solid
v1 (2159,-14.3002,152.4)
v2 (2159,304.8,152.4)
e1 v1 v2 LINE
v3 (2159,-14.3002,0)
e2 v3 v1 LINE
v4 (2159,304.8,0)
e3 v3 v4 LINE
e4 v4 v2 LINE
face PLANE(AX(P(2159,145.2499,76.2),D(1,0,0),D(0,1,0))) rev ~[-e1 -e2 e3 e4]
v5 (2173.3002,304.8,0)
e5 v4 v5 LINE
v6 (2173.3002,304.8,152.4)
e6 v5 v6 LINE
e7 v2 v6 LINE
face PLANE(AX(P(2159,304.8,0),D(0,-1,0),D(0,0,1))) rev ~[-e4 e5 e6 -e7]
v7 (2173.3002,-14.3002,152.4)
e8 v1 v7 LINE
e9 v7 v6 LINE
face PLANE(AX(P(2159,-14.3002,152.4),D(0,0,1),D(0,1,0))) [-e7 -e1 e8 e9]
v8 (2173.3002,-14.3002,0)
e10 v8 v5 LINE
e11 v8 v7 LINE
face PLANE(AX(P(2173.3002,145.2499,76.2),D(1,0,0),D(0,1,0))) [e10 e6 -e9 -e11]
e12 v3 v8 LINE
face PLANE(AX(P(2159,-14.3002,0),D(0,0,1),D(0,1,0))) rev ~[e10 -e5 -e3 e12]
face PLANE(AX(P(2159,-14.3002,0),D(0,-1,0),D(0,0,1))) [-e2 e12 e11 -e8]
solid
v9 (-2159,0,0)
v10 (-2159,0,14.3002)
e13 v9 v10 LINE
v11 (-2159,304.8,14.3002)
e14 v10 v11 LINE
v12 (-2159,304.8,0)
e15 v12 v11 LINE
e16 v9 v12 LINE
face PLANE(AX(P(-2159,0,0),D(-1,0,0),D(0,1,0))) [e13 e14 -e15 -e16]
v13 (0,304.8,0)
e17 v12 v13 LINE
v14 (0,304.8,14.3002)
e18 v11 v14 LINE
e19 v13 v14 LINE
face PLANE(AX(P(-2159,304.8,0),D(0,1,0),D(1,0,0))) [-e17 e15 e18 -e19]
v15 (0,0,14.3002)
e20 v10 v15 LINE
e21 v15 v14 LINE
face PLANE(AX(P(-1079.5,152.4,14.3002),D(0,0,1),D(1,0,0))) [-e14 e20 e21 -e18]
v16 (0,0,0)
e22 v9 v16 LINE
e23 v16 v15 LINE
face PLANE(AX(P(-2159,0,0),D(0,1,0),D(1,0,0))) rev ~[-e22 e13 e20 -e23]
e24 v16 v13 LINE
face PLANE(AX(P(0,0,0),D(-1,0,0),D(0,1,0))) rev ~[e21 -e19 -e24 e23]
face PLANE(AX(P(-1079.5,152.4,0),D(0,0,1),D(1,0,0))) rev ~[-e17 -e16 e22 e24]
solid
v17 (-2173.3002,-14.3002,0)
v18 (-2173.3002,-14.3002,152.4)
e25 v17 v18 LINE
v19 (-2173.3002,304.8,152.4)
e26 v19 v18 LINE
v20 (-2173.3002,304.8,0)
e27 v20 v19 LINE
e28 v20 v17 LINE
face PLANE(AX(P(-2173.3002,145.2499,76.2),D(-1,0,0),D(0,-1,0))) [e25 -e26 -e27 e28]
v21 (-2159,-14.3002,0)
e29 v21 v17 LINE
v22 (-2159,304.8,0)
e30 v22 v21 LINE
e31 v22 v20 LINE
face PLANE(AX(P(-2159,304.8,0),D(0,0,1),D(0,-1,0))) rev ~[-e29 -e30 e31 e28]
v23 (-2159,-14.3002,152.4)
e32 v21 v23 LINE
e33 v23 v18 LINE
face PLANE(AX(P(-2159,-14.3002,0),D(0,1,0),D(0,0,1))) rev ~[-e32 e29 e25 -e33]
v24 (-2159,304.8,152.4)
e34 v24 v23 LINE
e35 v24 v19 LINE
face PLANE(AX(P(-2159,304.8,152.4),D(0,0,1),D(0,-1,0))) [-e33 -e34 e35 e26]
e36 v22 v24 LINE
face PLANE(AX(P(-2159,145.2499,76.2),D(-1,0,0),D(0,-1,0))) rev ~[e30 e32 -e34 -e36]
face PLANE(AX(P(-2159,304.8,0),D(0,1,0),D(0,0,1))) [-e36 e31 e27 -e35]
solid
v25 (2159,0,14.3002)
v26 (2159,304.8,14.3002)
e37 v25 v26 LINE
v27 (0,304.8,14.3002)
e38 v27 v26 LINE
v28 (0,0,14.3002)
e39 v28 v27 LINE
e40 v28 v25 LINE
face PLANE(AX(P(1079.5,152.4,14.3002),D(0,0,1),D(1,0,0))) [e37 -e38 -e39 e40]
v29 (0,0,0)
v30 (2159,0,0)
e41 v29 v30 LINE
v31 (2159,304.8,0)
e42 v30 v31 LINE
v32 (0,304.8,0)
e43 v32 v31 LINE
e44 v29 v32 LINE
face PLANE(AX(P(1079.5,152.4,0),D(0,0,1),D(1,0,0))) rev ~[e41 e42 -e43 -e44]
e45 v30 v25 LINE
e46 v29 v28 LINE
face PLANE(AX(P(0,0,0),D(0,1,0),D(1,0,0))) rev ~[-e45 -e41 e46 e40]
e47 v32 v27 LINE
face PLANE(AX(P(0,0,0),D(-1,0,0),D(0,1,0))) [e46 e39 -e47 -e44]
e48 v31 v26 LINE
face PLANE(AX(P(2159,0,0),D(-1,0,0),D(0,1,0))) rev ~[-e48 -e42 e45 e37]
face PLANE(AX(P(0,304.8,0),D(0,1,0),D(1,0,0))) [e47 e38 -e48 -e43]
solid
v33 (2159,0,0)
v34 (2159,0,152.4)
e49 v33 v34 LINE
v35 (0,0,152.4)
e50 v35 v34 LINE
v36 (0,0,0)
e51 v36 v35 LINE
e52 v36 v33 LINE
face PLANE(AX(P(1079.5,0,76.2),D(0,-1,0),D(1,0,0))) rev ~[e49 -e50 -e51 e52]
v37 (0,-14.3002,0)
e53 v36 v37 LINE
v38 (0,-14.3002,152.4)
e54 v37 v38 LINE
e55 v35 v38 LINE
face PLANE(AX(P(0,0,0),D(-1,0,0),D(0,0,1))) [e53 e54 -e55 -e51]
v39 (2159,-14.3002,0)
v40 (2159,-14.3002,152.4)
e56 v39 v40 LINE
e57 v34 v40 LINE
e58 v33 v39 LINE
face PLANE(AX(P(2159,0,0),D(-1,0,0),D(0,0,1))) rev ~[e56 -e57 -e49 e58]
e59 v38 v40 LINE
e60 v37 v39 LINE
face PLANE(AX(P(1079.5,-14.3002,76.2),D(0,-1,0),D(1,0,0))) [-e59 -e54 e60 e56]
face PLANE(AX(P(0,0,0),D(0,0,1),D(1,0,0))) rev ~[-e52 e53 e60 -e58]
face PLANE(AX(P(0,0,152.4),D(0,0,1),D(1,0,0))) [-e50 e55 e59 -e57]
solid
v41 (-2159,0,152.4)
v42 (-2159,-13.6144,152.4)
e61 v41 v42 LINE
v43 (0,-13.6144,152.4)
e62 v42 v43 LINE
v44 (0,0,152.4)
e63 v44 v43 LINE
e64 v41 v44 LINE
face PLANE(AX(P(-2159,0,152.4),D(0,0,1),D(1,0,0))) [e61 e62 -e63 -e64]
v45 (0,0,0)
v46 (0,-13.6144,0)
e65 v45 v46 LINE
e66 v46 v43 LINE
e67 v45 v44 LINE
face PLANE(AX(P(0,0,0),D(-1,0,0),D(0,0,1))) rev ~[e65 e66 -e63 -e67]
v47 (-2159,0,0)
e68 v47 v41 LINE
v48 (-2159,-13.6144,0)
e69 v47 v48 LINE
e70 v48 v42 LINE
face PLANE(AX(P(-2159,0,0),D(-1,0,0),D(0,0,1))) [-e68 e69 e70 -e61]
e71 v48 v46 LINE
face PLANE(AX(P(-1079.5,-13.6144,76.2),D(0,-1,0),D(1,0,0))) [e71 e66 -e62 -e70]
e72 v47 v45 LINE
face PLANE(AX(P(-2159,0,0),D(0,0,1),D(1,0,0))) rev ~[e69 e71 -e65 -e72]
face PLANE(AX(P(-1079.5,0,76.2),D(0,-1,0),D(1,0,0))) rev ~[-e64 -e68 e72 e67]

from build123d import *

# Parameters (mm, degrees)
F0_W      = 2159
F0_H      = 304.8
F1_DEPTH  = 14.3002
F2_W      = 2159
F2_H      = 304.8
F3_DEPTH  = 14.3002
F4_W      = 2159
F4_H      = 152.4
F5_DEPTH  = 13.6144
F6_W      = 2159
F6_H      = 152.4
F7_DEPTH  = 14.3002
F8_W      = 319.1002
F8_H      = 152.4
F9_DEPTH  = 14.3002
F10_W     = 319.1002
F10_H     = 152.4
F11_DEPTH = 14.3002


with BuildPart() as f1:
    # F0 (on Top) → F1 (new body)
    with BuildSketch(Plane.XY):
        with Locations((-1079.5, 152.4)):
            Rectangle(F0_W, F0_H)
    extrude(amount=F1_DEPTH)


with BuildPart() as f3:
    # F2 (on Top) → F3 (new body)
    with BuildSketch(Plane.XY):
        with Locations((1079.5, 152.4)):
            Rectangle(F2_W, F2_H)
    extrude(amount=F3_DEPTH)


with BuildPart() as f5:
    # F4 (on face) → F5 (new body)
    with BuildSketch(Plane.XZ):
        with Locations((-1079.5, 76.2)):
            Rectangle(F4_W, F4_H)
    extrude(amount=F5_DEPTH)


with BuildPart() as f7:
    # F6 (on Front) → F7 (new body)
    with BuildSketch(Plane.XZ):
        with Locations((1079.5, 76.2)):
            Rectangle(F6_W, F6_H)
    extrude(amount=F7_DEPTH)


with BuildPart() as f9:
    # F8 (on face) → F9 (new body)
    with BuildSketch(Plane(origin=(-2159, 0, 0), x_dir=(0, -1, 0), z_dir=(-1, 0, 0))):
        with Locations((-145.2499, 76.2)):
            Rectangle(F8_W, F8_H)
    extrude(amount=F9_DEPTH)


with BuildPart() as f11:
    # F10 (on face) → F11 (new body)
    with BuildSketch(Plane.YZ.offset(2159)):
        with Locations((145.2499, 76.2)):
            Rectangle(F10_W, F10_H)
    extrude(amount=F11_DEPTH)


solid = Compound([f1.part, f3.part, f5.part, f7.part, f9.part, f11.part])
